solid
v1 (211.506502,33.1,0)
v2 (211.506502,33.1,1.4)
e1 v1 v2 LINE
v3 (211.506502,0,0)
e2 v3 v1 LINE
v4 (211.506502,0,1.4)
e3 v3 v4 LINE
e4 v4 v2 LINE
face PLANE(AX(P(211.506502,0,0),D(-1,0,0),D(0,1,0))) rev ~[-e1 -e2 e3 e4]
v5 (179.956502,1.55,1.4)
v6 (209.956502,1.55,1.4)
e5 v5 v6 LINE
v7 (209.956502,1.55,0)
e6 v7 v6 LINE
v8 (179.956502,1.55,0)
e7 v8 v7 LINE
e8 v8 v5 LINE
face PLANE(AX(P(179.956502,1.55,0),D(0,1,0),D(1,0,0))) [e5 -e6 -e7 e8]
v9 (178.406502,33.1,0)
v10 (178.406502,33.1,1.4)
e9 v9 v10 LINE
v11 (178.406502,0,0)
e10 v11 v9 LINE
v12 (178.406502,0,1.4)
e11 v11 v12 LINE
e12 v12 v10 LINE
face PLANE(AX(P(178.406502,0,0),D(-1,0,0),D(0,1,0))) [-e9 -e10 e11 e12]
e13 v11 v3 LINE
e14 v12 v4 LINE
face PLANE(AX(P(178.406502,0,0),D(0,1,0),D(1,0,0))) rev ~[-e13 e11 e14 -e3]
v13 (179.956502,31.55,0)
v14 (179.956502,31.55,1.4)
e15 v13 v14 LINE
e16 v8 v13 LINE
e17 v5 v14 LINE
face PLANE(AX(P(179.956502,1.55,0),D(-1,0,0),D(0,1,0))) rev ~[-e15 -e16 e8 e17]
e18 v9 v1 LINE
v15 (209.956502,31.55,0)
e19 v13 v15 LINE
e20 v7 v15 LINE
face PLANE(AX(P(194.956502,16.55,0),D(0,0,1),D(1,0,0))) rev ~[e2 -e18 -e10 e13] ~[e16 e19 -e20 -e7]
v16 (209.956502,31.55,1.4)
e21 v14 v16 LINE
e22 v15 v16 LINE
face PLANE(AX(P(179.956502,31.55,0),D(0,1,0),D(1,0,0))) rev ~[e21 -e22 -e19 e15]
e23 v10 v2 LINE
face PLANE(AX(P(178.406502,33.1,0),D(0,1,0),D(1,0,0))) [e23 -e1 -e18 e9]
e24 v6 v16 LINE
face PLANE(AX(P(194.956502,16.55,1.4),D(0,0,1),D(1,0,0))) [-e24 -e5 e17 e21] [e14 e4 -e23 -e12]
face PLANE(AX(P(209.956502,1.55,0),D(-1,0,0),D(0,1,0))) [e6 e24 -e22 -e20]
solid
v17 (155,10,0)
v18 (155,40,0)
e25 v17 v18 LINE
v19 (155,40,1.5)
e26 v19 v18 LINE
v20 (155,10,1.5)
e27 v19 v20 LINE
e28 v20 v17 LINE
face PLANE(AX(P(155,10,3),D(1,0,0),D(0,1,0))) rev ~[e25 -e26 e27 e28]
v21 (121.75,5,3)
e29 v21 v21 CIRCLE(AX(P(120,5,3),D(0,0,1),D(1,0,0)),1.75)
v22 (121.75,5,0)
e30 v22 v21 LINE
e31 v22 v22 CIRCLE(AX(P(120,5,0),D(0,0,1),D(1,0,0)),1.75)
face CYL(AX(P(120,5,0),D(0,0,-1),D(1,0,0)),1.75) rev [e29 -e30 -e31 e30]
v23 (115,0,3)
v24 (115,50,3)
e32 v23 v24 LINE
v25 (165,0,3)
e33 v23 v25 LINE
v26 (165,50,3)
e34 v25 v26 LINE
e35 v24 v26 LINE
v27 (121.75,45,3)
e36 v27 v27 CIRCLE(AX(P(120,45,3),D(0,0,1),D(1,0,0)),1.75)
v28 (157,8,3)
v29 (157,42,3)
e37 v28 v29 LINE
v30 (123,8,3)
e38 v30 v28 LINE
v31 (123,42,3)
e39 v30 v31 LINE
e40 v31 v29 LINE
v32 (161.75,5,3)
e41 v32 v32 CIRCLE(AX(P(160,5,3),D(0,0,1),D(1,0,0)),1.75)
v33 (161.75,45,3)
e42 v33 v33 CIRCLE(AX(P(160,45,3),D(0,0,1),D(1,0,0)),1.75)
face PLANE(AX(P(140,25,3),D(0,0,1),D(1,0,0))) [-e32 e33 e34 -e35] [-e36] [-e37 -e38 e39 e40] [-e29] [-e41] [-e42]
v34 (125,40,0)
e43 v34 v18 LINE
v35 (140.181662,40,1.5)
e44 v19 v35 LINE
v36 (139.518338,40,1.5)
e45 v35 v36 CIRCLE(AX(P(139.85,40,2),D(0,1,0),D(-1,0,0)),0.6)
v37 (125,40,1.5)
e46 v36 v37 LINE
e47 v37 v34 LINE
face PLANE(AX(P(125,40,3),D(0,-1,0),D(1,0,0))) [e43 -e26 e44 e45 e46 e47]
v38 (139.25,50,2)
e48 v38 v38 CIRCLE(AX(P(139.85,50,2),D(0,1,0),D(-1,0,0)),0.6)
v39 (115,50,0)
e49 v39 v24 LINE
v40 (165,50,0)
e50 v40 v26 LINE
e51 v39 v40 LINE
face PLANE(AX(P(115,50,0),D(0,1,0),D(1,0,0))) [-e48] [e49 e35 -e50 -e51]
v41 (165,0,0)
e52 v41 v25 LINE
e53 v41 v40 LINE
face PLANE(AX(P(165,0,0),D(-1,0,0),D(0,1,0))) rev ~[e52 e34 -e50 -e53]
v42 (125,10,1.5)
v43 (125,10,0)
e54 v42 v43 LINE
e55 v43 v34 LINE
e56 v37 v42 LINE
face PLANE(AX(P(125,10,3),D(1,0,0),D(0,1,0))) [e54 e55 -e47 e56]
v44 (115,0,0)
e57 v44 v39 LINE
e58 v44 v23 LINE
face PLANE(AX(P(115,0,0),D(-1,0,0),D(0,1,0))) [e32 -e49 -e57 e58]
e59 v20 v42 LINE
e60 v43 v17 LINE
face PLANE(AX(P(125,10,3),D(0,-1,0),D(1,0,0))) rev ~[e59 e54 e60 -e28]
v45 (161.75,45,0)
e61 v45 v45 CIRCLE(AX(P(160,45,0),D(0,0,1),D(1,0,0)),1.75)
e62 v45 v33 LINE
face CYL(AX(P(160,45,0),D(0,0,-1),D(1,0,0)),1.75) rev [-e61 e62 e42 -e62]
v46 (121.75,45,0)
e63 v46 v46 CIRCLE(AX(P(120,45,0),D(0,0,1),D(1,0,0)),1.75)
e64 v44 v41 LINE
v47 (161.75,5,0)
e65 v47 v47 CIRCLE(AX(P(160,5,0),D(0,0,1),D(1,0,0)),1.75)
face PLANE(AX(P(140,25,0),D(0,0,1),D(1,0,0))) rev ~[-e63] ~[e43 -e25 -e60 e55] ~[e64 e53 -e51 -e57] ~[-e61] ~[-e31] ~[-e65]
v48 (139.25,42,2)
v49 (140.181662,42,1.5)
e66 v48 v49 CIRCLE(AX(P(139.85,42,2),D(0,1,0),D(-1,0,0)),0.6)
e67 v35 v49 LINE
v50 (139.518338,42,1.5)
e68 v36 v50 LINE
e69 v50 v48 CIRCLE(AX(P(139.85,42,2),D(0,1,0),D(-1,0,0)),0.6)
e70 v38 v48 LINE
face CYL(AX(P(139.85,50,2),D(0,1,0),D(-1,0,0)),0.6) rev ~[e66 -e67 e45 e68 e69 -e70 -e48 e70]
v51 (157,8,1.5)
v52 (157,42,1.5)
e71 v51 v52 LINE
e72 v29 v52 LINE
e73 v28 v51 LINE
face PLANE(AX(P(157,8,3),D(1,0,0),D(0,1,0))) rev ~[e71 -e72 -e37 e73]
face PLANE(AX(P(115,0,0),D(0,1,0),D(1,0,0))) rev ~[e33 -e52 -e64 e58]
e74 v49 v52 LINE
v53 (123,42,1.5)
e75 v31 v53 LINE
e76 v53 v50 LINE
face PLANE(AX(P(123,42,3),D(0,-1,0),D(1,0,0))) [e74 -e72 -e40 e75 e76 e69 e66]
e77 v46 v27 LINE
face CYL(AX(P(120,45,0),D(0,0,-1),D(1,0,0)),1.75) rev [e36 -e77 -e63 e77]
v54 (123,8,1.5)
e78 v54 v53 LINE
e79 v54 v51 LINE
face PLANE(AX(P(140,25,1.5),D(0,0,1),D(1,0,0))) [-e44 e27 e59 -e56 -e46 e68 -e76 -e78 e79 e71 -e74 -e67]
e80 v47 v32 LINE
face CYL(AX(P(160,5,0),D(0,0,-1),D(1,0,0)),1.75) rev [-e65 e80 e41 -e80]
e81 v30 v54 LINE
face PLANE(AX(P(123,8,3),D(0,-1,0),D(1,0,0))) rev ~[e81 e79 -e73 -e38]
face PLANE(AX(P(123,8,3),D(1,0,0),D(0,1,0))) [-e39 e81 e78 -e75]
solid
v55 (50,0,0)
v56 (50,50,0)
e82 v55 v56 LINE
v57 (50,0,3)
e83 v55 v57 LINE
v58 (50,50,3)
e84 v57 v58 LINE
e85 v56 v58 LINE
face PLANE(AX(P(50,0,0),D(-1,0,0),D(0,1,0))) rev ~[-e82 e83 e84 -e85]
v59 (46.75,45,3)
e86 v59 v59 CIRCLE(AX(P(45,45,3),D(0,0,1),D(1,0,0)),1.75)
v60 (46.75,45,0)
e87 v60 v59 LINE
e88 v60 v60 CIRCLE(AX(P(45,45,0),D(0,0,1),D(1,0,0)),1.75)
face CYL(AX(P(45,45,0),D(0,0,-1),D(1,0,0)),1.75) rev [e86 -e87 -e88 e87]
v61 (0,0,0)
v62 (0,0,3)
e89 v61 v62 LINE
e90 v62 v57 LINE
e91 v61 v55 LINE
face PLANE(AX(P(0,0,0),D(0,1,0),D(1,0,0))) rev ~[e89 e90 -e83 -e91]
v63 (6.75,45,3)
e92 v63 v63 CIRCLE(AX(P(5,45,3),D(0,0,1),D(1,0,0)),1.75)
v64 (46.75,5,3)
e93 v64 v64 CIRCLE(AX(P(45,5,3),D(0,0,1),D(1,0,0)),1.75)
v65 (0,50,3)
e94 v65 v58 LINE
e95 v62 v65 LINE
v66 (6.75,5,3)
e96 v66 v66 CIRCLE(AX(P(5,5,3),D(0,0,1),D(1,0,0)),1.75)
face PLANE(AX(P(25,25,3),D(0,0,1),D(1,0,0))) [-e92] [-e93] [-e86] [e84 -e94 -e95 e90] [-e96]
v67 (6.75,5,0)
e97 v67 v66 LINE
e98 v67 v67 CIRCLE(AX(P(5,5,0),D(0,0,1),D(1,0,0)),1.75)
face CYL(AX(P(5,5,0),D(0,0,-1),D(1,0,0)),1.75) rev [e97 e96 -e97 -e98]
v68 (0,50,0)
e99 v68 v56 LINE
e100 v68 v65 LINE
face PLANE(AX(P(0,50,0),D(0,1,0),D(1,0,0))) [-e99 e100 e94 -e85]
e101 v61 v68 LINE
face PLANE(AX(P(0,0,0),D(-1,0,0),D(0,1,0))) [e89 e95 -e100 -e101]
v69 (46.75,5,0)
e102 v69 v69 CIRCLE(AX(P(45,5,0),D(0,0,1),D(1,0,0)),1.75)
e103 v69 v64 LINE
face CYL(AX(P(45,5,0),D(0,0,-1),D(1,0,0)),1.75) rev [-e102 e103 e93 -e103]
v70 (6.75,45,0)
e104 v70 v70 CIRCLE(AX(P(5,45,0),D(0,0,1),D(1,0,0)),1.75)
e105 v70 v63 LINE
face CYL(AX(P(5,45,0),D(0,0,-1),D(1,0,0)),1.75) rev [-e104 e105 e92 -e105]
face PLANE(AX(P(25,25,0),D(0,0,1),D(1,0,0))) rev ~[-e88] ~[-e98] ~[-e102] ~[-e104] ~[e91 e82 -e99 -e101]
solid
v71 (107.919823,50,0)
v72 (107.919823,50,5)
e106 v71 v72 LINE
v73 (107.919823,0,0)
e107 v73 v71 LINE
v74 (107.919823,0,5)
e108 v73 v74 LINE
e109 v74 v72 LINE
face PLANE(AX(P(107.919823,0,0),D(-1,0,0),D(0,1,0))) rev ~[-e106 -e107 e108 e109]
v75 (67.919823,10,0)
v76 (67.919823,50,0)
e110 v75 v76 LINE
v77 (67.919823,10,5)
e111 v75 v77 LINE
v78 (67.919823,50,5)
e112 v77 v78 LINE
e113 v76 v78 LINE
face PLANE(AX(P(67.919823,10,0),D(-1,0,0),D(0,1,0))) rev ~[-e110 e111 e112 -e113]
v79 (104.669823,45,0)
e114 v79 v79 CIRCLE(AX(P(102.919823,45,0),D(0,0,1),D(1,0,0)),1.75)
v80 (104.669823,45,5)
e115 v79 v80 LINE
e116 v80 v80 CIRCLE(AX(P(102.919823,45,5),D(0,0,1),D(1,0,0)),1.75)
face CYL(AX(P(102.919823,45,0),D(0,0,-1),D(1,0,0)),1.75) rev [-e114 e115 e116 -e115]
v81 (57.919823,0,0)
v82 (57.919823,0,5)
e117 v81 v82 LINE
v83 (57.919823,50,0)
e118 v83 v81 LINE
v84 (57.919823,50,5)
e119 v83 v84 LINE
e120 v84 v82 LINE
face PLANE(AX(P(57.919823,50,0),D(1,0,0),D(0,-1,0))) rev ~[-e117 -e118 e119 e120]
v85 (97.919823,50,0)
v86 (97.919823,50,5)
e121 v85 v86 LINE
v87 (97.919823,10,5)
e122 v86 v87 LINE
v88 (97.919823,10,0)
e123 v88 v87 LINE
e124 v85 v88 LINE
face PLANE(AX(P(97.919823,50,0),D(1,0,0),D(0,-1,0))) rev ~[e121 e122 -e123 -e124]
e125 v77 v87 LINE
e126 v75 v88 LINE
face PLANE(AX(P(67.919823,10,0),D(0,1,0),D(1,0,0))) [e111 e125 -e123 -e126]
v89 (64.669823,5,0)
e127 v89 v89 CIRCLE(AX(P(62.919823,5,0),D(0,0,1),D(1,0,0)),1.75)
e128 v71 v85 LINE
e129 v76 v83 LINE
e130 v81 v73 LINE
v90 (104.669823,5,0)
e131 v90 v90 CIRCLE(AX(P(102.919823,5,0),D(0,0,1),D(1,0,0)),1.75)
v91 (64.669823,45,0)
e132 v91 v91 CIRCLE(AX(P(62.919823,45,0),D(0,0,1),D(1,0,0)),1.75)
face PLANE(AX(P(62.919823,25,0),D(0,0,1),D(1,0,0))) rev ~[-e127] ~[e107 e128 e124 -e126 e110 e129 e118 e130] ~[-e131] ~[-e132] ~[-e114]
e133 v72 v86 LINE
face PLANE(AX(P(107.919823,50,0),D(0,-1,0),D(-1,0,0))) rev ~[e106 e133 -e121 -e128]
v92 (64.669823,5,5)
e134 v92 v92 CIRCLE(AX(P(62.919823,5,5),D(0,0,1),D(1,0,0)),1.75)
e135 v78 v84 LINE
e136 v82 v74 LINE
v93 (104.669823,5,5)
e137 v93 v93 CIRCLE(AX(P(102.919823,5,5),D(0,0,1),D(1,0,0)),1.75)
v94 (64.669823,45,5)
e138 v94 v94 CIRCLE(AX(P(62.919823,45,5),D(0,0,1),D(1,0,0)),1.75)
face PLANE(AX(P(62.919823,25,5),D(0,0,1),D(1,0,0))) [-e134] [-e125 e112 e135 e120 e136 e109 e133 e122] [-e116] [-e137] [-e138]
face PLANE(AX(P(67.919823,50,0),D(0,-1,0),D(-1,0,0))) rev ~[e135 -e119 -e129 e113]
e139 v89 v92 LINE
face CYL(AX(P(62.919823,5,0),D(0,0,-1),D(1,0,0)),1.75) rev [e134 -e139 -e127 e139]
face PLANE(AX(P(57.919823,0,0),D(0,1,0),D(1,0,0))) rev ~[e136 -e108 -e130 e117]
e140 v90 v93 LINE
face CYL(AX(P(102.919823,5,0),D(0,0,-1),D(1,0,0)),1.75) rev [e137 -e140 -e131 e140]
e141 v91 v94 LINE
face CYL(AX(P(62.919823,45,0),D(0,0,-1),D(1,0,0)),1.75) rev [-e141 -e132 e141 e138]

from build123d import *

# Parameters (mm, degrees)
F0_W      = 50
F0_H      = 50
F0_R      = 1.75
F1_DEPTH  = 3
F2_R      = 1.75
F2_W      = 30
F2_H      = 10
F3_DEPTH  = 5
F5_W      = 30
F5_H      = 30
F6_DEPTH  = 3.001
F7_W      = 34
F7_H      = 34
F8_DEPTH  = 1.5
F9_W      = 33.1
F9_H      = 33.1
F9_W_2    = 30
F9_H_2    = 30
F10_DEPTH = 1.4
F11_R     = 0.6
F12_DEPTH = 25


with BuildPart() as f1:
    # F0 (on Top) → F1 (new body)
    with BuildSketch(Plane.XY):
        with Locations((25, 25)):
            Rectangle(F0_W, F0_H)
        with Locations((5, 5)):
            Circle(F0_R, mode=Mode.SUBTRACT)
        with Locations((45, 5)):
            Circle(F0_R, mode=Mode.SUBTRACT)
        with Locations((5, 45)):
            Circle(F0_R, mode=Mode.SUBTRACT)
        with Locations((45, 45)):
            Circle(F0_R, mode=Mode.SUBTRACT)
    extrude(amount=F1_DEPTH)


with BuildPart() as f3:
    # F2 (on Top) → F3 (new body)
    with BuildSketch(Plane.XY):
        Polygon((67.919823, 50), (57.919823, 50), (57.919823, 0), (67.919823, 0), (67.919823, 10), align=None)
        with Locations((62.919823, 5)):
            Circle(F2_R, mode=Mode.SUBTRACT)
        with Locations((62.919823, 45)):
            Circle(F2_R, mode=Mode.SUBTRACT)
        with Locations((82.919823, 5)):
            Rectangle(F2_W, F2_H)
        Polygon((97.919823, 50), (97.919823, 10), (97.919823, 0), (107.919823, 0), (107.919823, 50), align=None)
        with Locations((102.919823, 5)):
            Circle(F2_R, mode=Mode.SUBTRACT)
        with Locations((102.919823, 45)):
            Circle(F2_R, mode=Mode.SUBTRACT)
    extrude(amount=F3_DEPTH)


with BuildPart() as f4_1:
    # F4: copy of F1
    add(f1.part.moved(Location((115, 0, 0))))

    # F5 (on face) → F6 (cut, through all)
    with BuildSketch(Plane.XY.offset(3)):
        with Locations((140, 25)):
            Rectangle(F5_W, F5_H)
    extrude(amount=-F6_DEPTH, mode=Mode.SUBTRACT)

    # F7 (on face) → F8 (cut)
    with BuildSketch(Plane.XY.offset(3)):
        with Locations((140, 25)):
            Rectangle(F7_W, F7_H)
    extrude(amount=-F8_DEPTH, mode=Mode.SUBTRACT)

    # F11 (on face) → F12 (cut)
    with BuildSketch(Plane(origin=(0, 50, 0), x_dir=(-1, 0, 0), z_dir=(0, 1, 0))):
        with Locations((-139.85, 2)):
            Circle(F11_R)
    extrude(amount=-F12_DEPTH, mode=Mode.SUBTRACT)


with BuildPart() as f10:
    # F9 (on Top) → F10 (new body)
    with BuildSketch(Plane.XY):
        with Locations((194.956502, 16.55)):
            Rectangle(F9_W, F9_H)
        with Locations((194.956502, 16.55)):
            Rectangle(F9_W_2, F9_H_2, mode=Mode.SUBTRACT)
    extrude(amount=F10_DEPTH)


solid = Compound([f1.part, f3.part, f4_1.part, f10.part])
